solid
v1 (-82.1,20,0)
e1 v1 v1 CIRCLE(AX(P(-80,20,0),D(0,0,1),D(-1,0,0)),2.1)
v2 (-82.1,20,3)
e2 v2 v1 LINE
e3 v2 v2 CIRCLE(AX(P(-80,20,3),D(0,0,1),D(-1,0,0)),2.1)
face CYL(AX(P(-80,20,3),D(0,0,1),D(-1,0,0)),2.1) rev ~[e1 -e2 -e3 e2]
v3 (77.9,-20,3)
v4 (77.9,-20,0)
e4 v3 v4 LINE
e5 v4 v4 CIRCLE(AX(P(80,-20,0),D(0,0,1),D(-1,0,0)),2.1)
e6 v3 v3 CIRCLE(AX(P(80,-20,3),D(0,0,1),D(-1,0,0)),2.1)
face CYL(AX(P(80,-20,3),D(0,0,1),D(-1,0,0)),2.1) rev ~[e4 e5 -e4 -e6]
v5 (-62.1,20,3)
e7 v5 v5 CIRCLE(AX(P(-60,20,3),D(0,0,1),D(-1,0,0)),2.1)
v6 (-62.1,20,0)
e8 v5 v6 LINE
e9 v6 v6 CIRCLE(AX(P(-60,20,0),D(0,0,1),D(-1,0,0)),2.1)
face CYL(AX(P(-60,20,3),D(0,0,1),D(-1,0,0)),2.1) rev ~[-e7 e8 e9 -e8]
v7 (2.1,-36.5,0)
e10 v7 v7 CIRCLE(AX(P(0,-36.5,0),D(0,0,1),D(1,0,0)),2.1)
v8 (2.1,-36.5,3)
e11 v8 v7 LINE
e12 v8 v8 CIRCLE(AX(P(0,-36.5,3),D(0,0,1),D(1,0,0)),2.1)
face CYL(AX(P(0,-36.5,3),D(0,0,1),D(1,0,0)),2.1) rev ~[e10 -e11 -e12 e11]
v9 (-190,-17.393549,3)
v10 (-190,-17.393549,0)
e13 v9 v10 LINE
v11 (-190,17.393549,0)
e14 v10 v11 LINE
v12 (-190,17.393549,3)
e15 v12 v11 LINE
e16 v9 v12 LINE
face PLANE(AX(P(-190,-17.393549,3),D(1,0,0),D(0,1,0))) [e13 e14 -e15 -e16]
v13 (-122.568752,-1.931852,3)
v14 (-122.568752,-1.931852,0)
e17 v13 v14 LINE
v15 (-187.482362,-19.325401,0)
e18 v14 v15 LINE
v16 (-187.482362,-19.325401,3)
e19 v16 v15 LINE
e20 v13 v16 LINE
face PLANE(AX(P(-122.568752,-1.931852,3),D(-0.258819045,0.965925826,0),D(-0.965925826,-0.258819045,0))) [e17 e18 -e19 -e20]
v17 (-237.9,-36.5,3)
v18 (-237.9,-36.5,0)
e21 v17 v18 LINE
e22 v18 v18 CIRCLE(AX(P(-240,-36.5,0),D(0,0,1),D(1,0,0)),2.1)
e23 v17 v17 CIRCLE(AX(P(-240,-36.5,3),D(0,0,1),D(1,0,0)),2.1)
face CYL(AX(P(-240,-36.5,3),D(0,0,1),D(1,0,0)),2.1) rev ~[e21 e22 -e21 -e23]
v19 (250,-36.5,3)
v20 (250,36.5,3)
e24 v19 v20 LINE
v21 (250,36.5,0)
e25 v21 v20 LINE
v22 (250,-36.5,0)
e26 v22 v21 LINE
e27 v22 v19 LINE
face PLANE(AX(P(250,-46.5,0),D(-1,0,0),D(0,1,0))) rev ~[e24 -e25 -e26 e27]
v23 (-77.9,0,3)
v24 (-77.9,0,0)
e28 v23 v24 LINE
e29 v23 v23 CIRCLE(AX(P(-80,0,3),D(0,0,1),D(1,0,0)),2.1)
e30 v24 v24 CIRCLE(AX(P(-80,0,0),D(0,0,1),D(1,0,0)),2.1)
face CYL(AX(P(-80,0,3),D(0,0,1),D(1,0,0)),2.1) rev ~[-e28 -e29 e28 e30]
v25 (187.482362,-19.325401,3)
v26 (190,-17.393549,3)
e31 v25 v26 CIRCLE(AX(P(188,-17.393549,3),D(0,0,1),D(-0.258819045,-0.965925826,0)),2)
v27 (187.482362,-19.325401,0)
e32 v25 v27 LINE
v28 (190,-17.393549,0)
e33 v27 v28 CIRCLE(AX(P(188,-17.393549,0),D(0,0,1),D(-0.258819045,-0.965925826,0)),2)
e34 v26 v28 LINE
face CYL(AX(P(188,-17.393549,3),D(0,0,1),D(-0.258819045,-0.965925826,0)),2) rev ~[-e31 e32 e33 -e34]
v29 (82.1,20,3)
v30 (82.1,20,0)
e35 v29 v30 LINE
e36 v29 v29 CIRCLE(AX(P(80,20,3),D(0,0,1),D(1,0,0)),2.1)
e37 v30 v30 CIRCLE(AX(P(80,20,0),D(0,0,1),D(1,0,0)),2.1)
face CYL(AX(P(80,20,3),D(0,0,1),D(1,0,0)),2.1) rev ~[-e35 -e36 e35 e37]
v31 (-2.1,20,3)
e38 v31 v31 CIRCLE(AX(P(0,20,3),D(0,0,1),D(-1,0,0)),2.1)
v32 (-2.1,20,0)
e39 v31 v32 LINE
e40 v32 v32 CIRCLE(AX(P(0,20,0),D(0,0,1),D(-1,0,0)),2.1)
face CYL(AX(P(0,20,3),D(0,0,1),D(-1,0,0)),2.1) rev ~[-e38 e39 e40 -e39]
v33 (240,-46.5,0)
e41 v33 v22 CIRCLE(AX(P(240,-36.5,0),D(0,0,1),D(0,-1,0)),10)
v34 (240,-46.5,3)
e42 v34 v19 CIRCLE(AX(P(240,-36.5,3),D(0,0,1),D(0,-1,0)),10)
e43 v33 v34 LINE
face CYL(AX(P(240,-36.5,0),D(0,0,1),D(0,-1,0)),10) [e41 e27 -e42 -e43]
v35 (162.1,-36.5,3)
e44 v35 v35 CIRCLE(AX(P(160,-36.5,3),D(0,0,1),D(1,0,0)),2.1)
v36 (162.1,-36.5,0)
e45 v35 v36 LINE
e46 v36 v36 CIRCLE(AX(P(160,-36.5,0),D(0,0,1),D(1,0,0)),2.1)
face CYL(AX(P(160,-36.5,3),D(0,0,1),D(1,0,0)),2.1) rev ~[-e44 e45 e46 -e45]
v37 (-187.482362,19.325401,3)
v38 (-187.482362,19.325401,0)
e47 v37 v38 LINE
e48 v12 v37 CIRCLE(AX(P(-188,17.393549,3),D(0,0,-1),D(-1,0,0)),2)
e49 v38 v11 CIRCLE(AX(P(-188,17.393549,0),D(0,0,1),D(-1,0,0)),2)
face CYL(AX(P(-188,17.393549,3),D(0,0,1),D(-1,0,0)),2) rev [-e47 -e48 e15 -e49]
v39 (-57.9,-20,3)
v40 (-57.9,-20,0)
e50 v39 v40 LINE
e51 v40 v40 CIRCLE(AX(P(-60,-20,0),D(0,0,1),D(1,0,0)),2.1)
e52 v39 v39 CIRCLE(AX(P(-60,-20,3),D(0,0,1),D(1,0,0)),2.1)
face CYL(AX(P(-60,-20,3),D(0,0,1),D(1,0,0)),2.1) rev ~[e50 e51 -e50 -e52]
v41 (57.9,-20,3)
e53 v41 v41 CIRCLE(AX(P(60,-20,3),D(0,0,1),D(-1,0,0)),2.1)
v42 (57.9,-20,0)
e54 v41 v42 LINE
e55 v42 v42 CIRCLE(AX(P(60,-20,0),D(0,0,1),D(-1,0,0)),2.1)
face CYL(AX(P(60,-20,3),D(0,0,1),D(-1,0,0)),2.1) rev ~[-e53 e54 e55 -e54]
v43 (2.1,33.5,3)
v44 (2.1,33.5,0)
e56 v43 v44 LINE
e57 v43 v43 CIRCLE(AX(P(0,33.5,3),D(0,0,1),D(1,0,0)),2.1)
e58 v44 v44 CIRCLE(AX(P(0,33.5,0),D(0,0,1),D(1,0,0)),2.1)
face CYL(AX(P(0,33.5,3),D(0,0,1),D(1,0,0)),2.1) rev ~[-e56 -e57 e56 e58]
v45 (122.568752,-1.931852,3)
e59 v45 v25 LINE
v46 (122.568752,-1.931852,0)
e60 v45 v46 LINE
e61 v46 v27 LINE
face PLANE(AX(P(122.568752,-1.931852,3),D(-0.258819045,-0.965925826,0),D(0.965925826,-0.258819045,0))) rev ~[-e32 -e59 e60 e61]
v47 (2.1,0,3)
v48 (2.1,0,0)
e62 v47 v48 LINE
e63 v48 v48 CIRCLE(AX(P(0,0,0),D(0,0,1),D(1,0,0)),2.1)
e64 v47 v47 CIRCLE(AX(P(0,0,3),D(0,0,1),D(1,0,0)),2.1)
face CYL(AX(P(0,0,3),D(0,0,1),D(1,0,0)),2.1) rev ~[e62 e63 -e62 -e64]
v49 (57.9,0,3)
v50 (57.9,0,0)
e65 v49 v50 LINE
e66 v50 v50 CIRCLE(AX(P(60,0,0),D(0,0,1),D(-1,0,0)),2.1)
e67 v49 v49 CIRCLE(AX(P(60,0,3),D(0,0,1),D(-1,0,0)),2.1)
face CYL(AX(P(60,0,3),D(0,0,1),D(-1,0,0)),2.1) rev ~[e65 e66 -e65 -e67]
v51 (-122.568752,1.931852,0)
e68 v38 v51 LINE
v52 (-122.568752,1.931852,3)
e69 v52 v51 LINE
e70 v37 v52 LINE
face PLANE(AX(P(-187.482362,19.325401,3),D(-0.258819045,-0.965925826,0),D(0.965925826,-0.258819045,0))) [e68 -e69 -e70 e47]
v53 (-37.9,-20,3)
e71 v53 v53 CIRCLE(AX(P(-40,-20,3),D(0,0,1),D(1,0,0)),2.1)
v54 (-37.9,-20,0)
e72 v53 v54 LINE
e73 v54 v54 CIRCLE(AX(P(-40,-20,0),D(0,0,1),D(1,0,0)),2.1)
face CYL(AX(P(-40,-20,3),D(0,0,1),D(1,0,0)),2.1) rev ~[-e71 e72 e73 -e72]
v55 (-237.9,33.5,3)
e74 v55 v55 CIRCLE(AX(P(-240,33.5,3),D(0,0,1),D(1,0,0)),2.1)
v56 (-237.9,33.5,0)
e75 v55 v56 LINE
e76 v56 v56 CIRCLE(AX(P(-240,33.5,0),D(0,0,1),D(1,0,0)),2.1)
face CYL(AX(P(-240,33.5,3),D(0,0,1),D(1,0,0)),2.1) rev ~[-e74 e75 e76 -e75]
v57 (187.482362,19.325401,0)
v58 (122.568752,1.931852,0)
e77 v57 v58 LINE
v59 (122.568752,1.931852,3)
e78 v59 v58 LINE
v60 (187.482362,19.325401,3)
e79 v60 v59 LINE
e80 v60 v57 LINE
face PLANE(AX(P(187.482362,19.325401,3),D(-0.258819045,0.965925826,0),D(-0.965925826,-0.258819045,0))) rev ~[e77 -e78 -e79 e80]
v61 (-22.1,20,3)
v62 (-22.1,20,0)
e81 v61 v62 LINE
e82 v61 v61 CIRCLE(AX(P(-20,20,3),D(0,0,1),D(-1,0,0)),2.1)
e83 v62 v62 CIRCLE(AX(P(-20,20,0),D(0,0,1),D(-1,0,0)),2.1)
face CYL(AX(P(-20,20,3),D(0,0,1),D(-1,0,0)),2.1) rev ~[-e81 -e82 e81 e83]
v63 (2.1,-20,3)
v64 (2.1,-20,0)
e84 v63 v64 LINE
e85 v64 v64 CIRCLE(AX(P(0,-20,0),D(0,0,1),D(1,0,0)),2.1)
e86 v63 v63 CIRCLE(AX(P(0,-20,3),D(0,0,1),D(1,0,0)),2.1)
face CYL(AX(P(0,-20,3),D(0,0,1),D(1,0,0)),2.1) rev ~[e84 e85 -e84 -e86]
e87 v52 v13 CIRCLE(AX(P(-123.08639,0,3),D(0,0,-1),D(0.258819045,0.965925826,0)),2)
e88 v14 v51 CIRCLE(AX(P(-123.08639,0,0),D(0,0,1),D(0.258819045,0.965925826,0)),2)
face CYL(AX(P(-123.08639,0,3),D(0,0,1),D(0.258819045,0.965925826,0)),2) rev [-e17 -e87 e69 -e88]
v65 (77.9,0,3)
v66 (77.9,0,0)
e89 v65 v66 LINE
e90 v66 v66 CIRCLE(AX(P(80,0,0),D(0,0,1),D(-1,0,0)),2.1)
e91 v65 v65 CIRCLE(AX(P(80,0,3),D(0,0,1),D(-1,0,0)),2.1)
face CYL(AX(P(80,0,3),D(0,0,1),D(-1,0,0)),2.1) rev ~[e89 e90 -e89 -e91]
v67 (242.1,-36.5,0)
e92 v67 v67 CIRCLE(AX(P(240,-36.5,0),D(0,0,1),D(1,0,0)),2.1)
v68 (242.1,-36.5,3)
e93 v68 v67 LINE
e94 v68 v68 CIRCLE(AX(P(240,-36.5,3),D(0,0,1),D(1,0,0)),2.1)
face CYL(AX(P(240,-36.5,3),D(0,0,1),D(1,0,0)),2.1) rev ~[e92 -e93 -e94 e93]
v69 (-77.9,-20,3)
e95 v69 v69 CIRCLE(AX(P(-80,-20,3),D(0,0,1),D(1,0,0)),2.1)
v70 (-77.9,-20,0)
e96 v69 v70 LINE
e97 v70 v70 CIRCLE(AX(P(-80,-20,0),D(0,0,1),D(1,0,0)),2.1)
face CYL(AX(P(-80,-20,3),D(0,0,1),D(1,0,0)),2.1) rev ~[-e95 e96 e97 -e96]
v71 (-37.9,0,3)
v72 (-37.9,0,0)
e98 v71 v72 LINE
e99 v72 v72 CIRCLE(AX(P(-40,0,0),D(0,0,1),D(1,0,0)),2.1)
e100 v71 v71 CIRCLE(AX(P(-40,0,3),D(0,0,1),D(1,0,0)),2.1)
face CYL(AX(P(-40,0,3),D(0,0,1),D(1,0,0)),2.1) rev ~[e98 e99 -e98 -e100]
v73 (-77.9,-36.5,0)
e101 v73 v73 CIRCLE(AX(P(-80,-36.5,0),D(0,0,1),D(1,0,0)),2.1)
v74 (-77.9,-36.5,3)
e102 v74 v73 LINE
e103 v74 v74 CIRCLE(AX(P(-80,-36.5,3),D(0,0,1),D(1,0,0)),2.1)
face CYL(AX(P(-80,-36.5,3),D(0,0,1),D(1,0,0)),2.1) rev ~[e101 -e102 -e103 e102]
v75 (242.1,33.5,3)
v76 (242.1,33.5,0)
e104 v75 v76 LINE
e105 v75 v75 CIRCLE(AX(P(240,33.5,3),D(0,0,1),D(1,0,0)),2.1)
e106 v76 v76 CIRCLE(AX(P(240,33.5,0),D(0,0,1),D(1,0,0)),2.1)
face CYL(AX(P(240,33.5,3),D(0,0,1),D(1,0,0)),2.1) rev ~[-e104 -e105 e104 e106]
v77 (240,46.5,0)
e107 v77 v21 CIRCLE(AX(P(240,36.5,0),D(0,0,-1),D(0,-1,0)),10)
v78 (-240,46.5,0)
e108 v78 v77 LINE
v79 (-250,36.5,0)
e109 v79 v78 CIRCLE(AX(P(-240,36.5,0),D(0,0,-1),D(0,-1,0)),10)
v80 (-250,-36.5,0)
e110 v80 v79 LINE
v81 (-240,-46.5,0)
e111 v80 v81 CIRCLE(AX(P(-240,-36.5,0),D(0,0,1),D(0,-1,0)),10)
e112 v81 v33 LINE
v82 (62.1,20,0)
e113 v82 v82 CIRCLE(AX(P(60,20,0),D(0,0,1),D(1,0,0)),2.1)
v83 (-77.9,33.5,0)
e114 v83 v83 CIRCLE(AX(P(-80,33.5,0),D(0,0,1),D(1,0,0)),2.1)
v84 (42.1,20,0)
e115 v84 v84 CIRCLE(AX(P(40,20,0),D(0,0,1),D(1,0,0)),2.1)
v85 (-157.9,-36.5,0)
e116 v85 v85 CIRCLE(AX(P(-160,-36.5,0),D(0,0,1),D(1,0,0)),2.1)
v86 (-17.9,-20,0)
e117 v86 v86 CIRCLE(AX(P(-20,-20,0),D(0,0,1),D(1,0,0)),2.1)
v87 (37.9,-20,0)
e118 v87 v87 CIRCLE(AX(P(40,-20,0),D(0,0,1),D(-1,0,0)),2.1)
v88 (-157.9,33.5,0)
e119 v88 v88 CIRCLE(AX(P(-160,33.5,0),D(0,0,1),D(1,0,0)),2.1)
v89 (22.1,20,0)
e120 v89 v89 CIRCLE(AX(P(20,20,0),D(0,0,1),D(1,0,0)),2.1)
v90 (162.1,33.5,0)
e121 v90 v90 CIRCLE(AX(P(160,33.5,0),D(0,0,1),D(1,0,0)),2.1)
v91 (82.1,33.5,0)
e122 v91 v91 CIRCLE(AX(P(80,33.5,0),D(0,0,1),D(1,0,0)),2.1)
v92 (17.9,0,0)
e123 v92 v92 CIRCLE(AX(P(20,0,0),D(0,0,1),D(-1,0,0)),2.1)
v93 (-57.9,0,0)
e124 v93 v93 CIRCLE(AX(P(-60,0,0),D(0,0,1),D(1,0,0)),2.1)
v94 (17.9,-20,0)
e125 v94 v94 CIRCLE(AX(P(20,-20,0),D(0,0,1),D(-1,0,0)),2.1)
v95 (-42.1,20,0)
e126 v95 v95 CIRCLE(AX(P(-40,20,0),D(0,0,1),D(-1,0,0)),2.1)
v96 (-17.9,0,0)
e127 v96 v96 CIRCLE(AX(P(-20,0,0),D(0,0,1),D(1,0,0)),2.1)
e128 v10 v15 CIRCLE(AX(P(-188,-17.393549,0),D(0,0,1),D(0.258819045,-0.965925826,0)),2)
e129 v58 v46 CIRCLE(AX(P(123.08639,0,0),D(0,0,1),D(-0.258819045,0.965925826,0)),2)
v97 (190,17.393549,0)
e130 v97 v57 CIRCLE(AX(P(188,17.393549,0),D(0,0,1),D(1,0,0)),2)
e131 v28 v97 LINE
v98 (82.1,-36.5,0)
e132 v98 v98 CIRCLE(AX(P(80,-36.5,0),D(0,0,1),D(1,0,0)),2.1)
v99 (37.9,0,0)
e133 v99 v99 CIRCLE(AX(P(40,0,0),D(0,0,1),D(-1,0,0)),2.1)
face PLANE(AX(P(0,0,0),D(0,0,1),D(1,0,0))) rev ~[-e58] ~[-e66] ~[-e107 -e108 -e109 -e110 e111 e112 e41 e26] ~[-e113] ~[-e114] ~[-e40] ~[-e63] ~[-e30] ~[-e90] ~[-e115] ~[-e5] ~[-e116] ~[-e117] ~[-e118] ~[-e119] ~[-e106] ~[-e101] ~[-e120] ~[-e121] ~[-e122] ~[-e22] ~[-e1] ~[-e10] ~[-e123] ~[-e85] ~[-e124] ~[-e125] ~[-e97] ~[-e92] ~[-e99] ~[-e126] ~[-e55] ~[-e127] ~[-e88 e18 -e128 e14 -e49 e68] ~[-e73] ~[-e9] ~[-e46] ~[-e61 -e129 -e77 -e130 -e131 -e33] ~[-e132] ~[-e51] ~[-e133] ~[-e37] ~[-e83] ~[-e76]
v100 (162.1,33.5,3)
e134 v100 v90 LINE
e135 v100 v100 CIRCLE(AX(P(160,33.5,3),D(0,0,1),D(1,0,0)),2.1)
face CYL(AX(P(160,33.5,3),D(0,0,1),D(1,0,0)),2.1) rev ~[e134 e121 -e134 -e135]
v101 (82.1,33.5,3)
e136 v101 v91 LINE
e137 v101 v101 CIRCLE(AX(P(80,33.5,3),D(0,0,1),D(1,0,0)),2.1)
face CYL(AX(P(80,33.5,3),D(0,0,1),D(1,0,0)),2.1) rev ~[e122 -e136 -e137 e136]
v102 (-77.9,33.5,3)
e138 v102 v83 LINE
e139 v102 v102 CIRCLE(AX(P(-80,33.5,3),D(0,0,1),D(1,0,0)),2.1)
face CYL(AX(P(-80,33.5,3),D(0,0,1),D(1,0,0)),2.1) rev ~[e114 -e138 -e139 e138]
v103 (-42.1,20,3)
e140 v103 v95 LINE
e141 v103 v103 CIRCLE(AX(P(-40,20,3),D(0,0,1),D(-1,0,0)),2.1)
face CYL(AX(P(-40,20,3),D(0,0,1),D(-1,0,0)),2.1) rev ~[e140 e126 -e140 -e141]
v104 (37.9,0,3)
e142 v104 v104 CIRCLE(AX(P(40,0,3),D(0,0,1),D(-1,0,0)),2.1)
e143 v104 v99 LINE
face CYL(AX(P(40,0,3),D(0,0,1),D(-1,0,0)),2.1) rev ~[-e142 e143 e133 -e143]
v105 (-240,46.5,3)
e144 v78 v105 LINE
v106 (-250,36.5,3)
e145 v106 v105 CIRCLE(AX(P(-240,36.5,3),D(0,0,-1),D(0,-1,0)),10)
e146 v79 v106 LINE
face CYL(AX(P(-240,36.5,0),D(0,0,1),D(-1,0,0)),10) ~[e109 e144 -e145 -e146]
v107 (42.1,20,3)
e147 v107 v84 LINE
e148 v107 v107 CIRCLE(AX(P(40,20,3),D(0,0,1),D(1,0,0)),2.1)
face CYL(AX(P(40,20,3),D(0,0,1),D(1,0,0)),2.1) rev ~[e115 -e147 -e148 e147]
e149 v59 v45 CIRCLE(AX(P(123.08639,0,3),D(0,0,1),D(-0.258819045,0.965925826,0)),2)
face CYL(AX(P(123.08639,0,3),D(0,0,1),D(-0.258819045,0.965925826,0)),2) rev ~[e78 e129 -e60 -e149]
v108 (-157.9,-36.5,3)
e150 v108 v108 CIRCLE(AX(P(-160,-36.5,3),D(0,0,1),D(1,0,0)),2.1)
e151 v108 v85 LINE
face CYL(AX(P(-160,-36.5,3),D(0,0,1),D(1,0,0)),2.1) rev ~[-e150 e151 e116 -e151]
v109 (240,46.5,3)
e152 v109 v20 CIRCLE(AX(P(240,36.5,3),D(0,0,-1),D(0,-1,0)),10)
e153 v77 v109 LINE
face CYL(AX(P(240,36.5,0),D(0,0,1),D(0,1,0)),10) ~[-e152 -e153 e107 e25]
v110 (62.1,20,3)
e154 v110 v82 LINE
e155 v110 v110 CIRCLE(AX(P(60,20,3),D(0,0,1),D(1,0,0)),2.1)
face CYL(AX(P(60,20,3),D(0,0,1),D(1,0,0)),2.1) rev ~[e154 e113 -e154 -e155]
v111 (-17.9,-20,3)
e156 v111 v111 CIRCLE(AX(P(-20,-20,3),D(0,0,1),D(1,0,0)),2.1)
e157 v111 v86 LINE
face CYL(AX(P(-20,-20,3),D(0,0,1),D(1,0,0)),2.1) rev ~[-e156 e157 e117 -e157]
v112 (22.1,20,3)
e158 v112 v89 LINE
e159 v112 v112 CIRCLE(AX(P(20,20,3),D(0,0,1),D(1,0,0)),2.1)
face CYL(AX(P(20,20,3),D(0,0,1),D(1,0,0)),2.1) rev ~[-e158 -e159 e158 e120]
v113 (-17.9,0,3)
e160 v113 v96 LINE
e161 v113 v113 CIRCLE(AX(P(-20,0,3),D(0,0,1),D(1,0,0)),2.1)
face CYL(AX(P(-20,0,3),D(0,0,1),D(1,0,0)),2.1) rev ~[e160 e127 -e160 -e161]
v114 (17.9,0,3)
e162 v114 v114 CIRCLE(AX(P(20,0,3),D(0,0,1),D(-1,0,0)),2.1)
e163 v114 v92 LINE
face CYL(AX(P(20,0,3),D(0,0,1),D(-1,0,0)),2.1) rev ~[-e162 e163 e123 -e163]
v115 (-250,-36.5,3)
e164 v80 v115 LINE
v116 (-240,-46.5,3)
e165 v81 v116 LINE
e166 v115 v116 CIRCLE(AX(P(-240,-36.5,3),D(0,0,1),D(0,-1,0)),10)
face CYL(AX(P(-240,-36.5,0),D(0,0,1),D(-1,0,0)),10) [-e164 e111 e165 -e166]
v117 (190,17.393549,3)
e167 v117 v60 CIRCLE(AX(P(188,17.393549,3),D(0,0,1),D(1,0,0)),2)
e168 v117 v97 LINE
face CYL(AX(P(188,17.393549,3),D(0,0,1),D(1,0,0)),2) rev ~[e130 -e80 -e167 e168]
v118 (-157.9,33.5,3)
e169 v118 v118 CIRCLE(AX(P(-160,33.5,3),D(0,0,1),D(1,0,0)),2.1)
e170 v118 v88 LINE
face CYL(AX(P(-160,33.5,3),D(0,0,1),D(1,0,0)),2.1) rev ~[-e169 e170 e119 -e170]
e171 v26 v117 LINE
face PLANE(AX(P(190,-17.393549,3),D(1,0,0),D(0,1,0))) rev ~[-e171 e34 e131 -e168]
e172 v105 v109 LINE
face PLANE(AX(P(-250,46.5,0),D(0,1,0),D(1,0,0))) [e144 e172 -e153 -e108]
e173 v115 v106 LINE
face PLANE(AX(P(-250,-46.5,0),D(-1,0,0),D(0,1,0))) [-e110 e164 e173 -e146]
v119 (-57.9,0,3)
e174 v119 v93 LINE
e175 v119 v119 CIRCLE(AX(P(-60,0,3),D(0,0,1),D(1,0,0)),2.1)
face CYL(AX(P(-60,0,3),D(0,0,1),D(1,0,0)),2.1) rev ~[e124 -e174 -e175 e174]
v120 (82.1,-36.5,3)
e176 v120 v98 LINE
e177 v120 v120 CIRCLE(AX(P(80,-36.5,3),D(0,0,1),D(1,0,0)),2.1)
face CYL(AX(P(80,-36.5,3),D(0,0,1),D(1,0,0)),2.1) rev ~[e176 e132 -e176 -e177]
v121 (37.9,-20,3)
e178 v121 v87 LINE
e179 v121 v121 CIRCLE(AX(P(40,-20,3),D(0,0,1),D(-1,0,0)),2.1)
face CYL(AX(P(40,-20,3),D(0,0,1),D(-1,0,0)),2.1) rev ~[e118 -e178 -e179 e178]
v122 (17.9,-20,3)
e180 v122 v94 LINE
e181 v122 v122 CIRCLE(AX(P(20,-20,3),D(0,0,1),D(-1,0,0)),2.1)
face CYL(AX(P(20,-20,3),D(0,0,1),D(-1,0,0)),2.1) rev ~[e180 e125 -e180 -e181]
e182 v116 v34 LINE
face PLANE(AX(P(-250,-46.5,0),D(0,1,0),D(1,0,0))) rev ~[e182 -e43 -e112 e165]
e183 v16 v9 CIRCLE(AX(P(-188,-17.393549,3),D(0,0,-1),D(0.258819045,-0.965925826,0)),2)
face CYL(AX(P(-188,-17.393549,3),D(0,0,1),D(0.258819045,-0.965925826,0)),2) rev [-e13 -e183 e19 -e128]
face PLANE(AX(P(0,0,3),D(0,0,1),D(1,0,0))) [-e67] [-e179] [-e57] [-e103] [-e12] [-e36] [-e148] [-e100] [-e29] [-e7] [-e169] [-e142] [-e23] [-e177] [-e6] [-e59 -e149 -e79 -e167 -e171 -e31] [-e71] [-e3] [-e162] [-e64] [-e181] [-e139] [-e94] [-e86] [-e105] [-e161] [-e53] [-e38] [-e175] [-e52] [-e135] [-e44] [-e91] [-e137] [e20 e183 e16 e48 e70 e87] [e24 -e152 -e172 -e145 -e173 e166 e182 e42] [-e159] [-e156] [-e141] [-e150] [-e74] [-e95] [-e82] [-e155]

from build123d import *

# Parameters (mm, degrees)
SKETCH1_W           = 500
SKETCH1_H           = 93
BOSS_EXTRUDE1_DEPTH = 3
SKETCH2_R           = 2.1
CUT_EXTRUDE1_DEPTH  = 255.305426604
LPATTERN1_COUNT     = 2
LPATTERN1_PITCH     = 70
FILLET1_R           = 10
CUT_EXTRUDE2_DEPTH  = 255.305426604
SKETCH4_R           = 2.1
CUT_EXTRUDE3_DEPTH  = 255.305426604


with BuildPart() as part:
    # Sketch1 → Boss-Extrude1 (new body)
    with BuildSketch(Plane.XY):
        Rectangle(SKETCH1_W, SKETCH1_H)
    extrude(amount=BOSS_EXTRUDE1_DEPTH)

    # Sketch2 → Cut-Extrude1 (cut, through all)
    with BuildSketch(Plane.XY.offset(3)):
        with Locations((-240, 33.5)):
            Circle(SKETCH2_R)
        with Locations((-160, 33.5)):
            Circle(SKETCH2_R)
        with Locations((-80, 33.5)):
            Circle(SKETCH2_R)
        with Locations((0, 33.5)):
            Circle(SKETCH2_R)
        with Locations((80, 33.5)):
            Circle(SKETCH2_R)
        with Locations((160, 33.5)):
            Circle(SKETCH2_R)
        with Locations((240, 33.5)):
            Circle(SKETCH2_R)
    cut_extrude1 = extrude(amount=-CUT_EXTRUDE1_DEPTH, mode=Mode.SUBTRACT)

    # LPattern1: Cut-Extrude1 ×2
    with Locations(*[(0, -i * LPATTERN1_PITCH, 0) for i in range(1, LPATTERN1_COUNT)]):
        add(cut_extrude1, mode=Mode.SUBTRACT)

    # Fillet1
    fillet1_edges = [part.edges().sort_by_distance(p)[0] for p in [
        (250, -46.5, 1.5),
        (-250, -46.5, 1.5),
        (-250, 46.5, 1.5),
        (250, 46.5, 1.5),
    ]]
    fillet(fillet1_edges, radius=FILLET1_R)

    # Sketch3 → Cut-Extrude2 (cut, through all)
    with BuildSketch(Plane.XY.offset(3)):
        with BuildLine():
            Line((-190, -17.393549254), (-190, 17.393549254))
            ThreePointArc((-190, 17.393549254), (-189.217522858, 18.980255935), (-187.48236191, 19.325400907))
            Line((-187.48236191, 19.325400907), (-122.568752369, 1.931851653))
            ThreePointArc((-122.568752369, 1.931851653), (-121.086390459, 0), (-122.568752369, -1.931851653))
            Line((-122.568752369, -1.931851653), (-187.48236191, -19.325400907))
            ThreePointArc((-187.48236191, -19.325400907), (-189.217522858, -18.980255935), (-190, -17.393549254))
        make_face()
        with BuildLine():
            Line((190, -17.393549254), (190, 17.393549254))
            ThreePointArc((190, 17.393549254), (189.217522858, 18.980255935), (187.48236191, 19.325400907))
            Line((187.48236191, 19.325400907), (122.568752369, 1.931851653))
            ThreePointArc((122.568752369, 1.931851653), (121.086390459, 0), (122.568752369, -1.931851653))
            Line((122.568752369, -1.931851653), (187.48236191, -19.325400907))
            ThreePointArc((187.48236191, -19.325400907), (189.217522858, -18.980255935), (190, -17.393549254))
        make_face()
    extrude(amount=-CUT_EXTRUDE2_DEPTH, mode=Mode.SUBTRACT)

    # Sketch4 → Cut-Extrude3 (cut, through all)
    with BuildSketch(Plane.XY.offset(3)):
        with Locations((-80, 0)):
            Circle(SKETCH4_R)
        with Locations((-60, 0)):
            Circle(SKETCH4_R)
        with Locations((-40, 0)):
            Circle(SKETCH4_R)
        with Locations((-20, 0)):
            Circle(SKETCH4_R)
        Circle(SKETCH4_R)
        with Locations(Location((20, 0, 0), (0, 0, 180))):
            Circle(SKETCH4_R)
        with Locations(Location((40, 0, 0), (0, 0, 180))):
            Circle(SKETCH4_R)
        with Locations(Location((60, 0, 0), (0, 0, 180))):
            Circle(SKETCH4_R)
        with Locations(Location((80, 0, 0), (0, 0, 180))):
            Circle(SKETCH4_R)
        with Locations((-80, -20)):
            Circle(SKETCH4_R)
        with Locations((-60, -20)):
            Circle(SKETCH4_R)
        with Locations((-40, -20)):
            Circle(SKETCH4_R)
        with Locations((-20, -20)):
            Circle(SKETCH4_R)
        with Locations((0, -20)):
            Circle(SKETCH4_R)
        with Locations(Location((20, -20, 0), (0, 0, 180))):
            Circle(SKETCH4_R)
        with Locations(Location((40, -20, 0), (0, 0, 180))):
            Circle(SKETCH4_R)
        with Locations(Location((60, -20, 0), (0, 0, 180))):
            Circle(SKETCH4_R)
        with Locations(Location((80, -20, 0), (0, 0, 180))):
            Circle(SKETCH4_R)
        with Locations((80, 20)):
            Circle(SKETCH4_R)
        with Locations((60, 20)):
            Circle(SKETCH4_R)
        with Locations((40, 20)):
            Circle(SKETCH4_R)
        with Locations((20, 20)):
            Circle(SKETCH4_R)
        with Locations(Location((0, 20, 0), (0, 0, 180))):
            Circle(SKETCH4_R)
        with Locations(Location((-20, 20, 0), (0, 0, 180))):
            Circle(SKETCH4_R)
        with Locations(Location((-40, 20, 0), (0, 0, 180))):
            Circle(SKETCH4_R)
        with Locations(Location((-60, 20, 0), (0, 0, 180))):
            Circle(SKETCH4_R)
        with Locations(Location((-80, 20, 0), (0, 0, 180))):
            Circle(SKETCH4_R)
    extrude(amount=-CUT_EXTRUDE3_DEPTH, mode=Mode.SUBTRACT)


solid = part.part
